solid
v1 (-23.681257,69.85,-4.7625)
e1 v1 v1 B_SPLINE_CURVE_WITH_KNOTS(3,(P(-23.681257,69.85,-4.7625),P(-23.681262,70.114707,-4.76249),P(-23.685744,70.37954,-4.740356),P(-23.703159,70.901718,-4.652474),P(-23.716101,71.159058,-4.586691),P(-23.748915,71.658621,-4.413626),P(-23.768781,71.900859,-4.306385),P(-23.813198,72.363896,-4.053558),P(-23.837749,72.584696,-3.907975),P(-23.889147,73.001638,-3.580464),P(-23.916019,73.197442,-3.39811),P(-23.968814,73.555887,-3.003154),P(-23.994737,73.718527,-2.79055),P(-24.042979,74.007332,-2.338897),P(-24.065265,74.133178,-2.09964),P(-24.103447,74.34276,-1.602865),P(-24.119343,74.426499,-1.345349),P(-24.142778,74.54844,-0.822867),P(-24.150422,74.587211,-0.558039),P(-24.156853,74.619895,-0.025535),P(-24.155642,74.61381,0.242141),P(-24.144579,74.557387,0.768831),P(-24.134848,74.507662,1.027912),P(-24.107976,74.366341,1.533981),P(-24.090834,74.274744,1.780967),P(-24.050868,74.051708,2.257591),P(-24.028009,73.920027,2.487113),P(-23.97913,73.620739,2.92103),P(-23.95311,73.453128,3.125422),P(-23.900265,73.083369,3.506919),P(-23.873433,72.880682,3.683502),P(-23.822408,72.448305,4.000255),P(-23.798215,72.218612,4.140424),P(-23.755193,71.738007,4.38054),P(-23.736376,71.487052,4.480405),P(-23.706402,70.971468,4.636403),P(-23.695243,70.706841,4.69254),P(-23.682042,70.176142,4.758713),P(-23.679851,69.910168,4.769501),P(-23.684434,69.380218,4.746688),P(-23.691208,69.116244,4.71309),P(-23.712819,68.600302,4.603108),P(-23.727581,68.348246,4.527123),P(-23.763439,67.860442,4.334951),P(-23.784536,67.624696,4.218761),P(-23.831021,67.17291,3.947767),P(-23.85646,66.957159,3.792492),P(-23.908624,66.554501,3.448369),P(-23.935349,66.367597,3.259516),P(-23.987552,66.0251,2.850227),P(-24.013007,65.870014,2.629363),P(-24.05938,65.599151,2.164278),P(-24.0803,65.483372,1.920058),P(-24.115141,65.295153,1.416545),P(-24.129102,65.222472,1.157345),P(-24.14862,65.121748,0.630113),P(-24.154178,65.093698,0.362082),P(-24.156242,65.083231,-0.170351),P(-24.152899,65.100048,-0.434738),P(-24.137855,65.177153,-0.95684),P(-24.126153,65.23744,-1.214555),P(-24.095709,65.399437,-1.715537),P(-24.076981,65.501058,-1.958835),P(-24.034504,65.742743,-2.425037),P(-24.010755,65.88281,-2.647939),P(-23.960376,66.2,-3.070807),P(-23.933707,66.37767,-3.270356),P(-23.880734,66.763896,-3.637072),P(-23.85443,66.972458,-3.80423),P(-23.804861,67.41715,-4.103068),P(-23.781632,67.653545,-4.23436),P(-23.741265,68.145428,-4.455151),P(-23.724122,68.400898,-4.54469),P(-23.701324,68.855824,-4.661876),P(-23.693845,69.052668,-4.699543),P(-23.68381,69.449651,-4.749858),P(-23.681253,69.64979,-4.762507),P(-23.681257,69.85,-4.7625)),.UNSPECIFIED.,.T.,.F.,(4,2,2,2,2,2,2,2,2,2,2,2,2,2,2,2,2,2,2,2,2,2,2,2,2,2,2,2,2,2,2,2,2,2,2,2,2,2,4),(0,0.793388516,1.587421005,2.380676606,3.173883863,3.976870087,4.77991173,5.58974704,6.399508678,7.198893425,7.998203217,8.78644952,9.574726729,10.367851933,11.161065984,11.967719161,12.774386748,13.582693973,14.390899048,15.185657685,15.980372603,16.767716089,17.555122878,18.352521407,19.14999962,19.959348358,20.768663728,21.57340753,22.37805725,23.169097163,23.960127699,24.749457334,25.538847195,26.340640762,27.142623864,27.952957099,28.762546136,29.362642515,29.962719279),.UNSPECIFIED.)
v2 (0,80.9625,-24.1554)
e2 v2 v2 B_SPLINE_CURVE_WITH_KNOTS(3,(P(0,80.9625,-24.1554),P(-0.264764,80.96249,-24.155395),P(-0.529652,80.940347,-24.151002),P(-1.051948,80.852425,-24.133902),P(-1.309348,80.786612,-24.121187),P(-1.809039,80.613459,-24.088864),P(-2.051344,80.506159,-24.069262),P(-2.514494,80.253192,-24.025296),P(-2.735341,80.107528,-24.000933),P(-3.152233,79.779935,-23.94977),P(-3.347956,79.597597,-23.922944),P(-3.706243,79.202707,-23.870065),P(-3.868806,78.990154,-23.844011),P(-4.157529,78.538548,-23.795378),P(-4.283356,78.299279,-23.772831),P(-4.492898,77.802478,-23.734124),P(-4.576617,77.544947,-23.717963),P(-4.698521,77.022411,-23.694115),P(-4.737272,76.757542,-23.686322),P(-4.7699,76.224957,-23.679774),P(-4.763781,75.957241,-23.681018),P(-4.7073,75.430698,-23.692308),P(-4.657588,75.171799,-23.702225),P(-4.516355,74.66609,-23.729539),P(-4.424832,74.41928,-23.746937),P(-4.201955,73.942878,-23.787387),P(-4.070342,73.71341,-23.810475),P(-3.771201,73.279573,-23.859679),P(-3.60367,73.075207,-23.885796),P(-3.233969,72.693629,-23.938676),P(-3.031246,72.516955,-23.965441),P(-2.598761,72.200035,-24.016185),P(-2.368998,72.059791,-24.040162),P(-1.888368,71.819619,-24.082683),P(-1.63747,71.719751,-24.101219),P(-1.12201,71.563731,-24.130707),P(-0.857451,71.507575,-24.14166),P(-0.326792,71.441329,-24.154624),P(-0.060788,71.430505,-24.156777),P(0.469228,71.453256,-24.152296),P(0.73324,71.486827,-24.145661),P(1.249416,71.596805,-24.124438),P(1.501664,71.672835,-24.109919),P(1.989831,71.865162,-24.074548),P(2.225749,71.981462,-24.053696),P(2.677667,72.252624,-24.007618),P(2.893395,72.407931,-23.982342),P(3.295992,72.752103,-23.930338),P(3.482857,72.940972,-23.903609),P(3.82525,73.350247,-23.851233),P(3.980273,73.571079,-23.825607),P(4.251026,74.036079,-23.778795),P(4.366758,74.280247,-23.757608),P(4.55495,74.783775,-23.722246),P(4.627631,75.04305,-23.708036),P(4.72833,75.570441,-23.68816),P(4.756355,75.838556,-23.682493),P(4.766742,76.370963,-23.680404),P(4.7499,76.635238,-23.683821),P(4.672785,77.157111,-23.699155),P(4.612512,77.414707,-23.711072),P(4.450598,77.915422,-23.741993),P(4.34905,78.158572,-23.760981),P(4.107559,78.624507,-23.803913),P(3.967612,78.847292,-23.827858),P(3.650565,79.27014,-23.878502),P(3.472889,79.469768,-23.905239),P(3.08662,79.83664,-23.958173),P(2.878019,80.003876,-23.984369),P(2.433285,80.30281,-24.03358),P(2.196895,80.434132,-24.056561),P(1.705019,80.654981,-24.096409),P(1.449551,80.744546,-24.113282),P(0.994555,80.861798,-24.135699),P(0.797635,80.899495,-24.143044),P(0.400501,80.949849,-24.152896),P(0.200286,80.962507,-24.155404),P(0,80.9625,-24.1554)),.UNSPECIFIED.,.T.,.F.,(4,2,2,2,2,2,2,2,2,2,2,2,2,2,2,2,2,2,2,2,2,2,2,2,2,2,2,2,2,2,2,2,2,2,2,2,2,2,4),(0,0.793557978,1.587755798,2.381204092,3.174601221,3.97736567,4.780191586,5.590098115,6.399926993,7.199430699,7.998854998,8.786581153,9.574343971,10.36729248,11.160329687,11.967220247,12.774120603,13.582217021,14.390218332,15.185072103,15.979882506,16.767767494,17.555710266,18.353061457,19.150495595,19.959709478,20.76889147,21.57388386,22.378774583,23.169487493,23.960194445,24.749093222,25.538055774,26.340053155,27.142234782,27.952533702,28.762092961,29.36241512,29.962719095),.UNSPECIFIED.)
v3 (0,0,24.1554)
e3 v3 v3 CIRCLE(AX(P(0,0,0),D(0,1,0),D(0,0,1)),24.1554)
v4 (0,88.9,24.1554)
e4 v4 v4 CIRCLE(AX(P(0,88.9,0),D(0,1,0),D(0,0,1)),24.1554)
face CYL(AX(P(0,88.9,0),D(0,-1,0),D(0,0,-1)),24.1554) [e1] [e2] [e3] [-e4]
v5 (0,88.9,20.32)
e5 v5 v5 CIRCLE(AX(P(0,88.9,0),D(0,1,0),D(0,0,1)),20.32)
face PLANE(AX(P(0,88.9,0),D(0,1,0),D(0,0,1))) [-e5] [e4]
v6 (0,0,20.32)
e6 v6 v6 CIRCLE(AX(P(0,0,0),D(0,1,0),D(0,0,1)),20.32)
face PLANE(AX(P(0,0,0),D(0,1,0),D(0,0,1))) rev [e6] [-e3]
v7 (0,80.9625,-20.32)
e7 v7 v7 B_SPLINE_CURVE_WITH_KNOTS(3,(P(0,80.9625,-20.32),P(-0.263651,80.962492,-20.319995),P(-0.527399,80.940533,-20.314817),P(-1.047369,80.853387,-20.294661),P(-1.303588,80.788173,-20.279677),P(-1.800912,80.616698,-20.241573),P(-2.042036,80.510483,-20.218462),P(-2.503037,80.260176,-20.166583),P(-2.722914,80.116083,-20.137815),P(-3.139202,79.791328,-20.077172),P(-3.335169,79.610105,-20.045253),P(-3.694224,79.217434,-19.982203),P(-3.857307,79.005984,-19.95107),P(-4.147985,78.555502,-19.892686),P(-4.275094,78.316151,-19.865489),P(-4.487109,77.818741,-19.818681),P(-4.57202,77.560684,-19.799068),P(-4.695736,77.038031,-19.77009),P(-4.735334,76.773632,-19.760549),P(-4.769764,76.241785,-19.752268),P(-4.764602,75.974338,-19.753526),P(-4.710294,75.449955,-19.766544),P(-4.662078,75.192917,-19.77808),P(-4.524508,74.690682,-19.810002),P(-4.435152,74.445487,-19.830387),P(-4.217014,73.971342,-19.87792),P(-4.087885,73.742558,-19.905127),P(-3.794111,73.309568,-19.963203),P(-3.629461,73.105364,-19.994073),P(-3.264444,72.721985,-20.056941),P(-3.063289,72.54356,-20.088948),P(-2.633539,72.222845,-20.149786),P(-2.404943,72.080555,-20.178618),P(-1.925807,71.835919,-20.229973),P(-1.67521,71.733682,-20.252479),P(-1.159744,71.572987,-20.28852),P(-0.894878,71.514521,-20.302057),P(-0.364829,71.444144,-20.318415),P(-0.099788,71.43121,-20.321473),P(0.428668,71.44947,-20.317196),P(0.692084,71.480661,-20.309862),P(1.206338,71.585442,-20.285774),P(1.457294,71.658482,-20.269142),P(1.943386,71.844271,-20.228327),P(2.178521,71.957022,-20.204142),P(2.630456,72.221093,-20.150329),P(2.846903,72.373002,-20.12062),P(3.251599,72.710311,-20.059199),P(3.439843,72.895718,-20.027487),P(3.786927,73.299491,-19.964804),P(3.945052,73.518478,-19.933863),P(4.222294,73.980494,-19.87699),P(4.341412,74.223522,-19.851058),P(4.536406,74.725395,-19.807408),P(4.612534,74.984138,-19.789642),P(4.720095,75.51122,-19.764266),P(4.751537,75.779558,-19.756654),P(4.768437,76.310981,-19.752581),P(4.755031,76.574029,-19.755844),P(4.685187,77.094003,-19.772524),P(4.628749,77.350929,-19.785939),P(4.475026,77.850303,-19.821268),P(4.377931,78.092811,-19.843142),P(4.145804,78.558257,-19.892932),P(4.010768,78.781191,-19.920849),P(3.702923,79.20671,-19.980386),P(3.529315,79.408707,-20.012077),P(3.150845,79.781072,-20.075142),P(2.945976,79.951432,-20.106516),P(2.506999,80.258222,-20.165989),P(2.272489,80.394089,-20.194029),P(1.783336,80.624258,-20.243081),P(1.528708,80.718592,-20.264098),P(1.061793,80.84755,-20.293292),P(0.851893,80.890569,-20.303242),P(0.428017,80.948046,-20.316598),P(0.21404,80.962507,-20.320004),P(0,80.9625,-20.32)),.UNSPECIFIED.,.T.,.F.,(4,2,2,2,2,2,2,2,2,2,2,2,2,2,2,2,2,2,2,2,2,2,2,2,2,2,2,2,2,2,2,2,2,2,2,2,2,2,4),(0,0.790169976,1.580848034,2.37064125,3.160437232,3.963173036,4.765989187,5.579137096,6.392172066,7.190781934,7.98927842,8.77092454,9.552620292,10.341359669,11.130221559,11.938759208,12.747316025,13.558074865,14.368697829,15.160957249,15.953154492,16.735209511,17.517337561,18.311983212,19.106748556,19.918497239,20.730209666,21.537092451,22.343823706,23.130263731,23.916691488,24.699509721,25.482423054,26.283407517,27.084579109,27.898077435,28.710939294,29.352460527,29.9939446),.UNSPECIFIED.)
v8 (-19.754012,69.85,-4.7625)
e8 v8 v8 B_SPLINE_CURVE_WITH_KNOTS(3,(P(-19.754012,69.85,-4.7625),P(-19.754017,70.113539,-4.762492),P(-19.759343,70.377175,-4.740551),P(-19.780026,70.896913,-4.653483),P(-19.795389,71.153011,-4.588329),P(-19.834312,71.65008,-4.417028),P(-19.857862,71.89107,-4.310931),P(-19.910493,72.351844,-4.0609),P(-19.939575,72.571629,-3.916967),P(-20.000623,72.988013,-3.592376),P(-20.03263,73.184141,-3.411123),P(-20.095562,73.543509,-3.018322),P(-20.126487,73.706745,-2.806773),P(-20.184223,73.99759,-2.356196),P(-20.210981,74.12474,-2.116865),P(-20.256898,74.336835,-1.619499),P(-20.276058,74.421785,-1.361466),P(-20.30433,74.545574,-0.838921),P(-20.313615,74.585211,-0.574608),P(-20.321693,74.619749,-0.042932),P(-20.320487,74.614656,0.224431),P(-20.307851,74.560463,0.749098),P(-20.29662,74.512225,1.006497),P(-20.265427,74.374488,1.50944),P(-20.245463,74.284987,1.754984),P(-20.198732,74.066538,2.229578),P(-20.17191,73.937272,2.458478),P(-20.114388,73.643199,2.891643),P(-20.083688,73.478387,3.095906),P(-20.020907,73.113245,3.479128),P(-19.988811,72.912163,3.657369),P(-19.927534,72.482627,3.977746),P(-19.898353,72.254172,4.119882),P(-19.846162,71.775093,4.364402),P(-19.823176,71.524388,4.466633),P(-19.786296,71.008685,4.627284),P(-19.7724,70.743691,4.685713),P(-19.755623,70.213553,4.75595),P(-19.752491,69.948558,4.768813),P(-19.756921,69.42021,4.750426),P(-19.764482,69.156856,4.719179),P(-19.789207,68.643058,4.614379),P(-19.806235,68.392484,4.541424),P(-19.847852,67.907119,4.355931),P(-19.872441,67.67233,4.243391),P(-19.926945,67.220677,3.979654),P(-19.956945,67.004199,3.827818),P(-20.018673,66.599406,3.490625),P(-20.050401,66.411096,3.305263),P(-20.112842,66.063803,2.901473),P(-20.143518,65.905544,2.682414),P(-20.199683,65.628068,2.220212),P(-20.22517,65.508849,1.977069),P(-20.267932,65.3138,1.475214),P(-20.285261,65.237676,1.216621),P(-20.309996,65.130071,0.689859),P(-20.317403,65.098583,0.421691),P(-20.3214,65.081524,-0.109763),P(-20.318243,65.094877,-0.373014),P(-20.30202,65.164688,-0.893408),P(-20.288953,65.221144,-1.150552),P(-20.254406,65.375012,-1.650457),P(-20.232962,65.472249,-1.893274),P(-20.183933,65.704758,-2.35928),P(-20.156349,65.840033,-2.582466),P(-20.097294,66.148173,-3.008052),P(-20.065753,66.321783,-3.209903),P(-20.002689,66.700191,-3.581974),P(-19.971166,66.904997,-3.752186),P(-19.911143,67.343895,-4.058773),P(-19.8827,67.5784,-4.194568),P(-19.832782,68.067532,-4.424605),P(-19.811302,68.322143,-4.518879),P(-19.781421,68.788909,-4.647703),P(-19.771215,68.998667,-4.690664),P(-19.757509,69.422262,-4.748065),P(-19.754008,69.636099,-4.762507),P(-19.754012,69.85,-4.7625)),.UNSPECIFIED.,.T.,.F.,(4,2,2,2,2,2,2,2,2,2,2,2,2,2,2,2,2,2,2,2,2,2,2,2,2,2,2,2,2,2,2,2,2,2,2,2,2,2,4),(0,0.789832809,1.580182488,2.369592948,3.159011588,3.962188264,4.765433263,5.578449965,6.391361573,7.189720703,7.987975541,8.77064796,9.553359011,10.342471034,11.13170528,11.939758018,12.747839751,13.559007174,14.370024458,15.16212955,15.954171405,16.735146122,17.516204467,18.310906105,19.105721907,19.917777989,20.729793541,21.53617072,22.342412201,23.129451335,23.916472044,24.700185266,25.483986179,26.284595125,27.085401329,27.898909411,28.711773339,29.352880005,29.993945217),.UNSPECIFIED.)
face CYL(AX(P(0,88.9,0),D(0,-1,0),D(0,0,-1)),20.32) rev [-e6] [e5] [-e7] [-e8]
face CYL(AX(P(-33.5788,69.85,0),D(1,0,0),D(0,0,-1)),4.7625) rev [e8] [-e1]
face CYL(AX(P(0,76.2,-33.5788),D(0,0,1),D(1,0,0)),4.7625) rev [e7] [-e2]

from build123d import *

# Parameters (mm, degrees)
SKETCH1_R           = 24.1554
SKETCH1_R_2         = 20.32
BOSS_EXTRUDE1_DEPTH = 88.9
SKETCH2_R           = 4.7625
CUT_EXTRUDE1_DEPTH  = 33.5788
SKETCH3_R           = 4.7625
CUT_EXTRUDE2_DEPTH  = 33.5788


with BuildPart() as part:
    # Sketch1 → Boss-Extrude1 (new body)
    with BuildSketch(Plane(origin=(0, 0, 0), x_dir=(1, 0, 0), z_dir=(0, 1, 0))):
        Circle(SKETCH1_R)
        Circle(SKETCH1_R_2, mode=Mode.SUBTRACT)
    extrude(amount=BOSS_EXTRUDE1_DEPTH)

    # Sketch2 → Cut-Extrude1 (cut)
    with BuildSketch(Plane.XY):
        with Locations((0, 76.2)):
            Circle(SKETCH2_R)
    extrude(amount=-CUT_EXTRUDE1_DEPTH, mode=Mode.SUBTRACT)

    # Sketch3 → Cut-Extrude2 (cut)
    with BuildSketch(Plane(origin=(0, 0, 0), x_dir=(0, 0, -1), z_dir=(1, 0, 0))):
        with Locations((0, 69.85)):
            Circle(SKETCH3_R)
    extrude(amount=-CUT_EXTRUDE2_DEPTH, mode=Mode.SUBTRACT)


solid = part.part
